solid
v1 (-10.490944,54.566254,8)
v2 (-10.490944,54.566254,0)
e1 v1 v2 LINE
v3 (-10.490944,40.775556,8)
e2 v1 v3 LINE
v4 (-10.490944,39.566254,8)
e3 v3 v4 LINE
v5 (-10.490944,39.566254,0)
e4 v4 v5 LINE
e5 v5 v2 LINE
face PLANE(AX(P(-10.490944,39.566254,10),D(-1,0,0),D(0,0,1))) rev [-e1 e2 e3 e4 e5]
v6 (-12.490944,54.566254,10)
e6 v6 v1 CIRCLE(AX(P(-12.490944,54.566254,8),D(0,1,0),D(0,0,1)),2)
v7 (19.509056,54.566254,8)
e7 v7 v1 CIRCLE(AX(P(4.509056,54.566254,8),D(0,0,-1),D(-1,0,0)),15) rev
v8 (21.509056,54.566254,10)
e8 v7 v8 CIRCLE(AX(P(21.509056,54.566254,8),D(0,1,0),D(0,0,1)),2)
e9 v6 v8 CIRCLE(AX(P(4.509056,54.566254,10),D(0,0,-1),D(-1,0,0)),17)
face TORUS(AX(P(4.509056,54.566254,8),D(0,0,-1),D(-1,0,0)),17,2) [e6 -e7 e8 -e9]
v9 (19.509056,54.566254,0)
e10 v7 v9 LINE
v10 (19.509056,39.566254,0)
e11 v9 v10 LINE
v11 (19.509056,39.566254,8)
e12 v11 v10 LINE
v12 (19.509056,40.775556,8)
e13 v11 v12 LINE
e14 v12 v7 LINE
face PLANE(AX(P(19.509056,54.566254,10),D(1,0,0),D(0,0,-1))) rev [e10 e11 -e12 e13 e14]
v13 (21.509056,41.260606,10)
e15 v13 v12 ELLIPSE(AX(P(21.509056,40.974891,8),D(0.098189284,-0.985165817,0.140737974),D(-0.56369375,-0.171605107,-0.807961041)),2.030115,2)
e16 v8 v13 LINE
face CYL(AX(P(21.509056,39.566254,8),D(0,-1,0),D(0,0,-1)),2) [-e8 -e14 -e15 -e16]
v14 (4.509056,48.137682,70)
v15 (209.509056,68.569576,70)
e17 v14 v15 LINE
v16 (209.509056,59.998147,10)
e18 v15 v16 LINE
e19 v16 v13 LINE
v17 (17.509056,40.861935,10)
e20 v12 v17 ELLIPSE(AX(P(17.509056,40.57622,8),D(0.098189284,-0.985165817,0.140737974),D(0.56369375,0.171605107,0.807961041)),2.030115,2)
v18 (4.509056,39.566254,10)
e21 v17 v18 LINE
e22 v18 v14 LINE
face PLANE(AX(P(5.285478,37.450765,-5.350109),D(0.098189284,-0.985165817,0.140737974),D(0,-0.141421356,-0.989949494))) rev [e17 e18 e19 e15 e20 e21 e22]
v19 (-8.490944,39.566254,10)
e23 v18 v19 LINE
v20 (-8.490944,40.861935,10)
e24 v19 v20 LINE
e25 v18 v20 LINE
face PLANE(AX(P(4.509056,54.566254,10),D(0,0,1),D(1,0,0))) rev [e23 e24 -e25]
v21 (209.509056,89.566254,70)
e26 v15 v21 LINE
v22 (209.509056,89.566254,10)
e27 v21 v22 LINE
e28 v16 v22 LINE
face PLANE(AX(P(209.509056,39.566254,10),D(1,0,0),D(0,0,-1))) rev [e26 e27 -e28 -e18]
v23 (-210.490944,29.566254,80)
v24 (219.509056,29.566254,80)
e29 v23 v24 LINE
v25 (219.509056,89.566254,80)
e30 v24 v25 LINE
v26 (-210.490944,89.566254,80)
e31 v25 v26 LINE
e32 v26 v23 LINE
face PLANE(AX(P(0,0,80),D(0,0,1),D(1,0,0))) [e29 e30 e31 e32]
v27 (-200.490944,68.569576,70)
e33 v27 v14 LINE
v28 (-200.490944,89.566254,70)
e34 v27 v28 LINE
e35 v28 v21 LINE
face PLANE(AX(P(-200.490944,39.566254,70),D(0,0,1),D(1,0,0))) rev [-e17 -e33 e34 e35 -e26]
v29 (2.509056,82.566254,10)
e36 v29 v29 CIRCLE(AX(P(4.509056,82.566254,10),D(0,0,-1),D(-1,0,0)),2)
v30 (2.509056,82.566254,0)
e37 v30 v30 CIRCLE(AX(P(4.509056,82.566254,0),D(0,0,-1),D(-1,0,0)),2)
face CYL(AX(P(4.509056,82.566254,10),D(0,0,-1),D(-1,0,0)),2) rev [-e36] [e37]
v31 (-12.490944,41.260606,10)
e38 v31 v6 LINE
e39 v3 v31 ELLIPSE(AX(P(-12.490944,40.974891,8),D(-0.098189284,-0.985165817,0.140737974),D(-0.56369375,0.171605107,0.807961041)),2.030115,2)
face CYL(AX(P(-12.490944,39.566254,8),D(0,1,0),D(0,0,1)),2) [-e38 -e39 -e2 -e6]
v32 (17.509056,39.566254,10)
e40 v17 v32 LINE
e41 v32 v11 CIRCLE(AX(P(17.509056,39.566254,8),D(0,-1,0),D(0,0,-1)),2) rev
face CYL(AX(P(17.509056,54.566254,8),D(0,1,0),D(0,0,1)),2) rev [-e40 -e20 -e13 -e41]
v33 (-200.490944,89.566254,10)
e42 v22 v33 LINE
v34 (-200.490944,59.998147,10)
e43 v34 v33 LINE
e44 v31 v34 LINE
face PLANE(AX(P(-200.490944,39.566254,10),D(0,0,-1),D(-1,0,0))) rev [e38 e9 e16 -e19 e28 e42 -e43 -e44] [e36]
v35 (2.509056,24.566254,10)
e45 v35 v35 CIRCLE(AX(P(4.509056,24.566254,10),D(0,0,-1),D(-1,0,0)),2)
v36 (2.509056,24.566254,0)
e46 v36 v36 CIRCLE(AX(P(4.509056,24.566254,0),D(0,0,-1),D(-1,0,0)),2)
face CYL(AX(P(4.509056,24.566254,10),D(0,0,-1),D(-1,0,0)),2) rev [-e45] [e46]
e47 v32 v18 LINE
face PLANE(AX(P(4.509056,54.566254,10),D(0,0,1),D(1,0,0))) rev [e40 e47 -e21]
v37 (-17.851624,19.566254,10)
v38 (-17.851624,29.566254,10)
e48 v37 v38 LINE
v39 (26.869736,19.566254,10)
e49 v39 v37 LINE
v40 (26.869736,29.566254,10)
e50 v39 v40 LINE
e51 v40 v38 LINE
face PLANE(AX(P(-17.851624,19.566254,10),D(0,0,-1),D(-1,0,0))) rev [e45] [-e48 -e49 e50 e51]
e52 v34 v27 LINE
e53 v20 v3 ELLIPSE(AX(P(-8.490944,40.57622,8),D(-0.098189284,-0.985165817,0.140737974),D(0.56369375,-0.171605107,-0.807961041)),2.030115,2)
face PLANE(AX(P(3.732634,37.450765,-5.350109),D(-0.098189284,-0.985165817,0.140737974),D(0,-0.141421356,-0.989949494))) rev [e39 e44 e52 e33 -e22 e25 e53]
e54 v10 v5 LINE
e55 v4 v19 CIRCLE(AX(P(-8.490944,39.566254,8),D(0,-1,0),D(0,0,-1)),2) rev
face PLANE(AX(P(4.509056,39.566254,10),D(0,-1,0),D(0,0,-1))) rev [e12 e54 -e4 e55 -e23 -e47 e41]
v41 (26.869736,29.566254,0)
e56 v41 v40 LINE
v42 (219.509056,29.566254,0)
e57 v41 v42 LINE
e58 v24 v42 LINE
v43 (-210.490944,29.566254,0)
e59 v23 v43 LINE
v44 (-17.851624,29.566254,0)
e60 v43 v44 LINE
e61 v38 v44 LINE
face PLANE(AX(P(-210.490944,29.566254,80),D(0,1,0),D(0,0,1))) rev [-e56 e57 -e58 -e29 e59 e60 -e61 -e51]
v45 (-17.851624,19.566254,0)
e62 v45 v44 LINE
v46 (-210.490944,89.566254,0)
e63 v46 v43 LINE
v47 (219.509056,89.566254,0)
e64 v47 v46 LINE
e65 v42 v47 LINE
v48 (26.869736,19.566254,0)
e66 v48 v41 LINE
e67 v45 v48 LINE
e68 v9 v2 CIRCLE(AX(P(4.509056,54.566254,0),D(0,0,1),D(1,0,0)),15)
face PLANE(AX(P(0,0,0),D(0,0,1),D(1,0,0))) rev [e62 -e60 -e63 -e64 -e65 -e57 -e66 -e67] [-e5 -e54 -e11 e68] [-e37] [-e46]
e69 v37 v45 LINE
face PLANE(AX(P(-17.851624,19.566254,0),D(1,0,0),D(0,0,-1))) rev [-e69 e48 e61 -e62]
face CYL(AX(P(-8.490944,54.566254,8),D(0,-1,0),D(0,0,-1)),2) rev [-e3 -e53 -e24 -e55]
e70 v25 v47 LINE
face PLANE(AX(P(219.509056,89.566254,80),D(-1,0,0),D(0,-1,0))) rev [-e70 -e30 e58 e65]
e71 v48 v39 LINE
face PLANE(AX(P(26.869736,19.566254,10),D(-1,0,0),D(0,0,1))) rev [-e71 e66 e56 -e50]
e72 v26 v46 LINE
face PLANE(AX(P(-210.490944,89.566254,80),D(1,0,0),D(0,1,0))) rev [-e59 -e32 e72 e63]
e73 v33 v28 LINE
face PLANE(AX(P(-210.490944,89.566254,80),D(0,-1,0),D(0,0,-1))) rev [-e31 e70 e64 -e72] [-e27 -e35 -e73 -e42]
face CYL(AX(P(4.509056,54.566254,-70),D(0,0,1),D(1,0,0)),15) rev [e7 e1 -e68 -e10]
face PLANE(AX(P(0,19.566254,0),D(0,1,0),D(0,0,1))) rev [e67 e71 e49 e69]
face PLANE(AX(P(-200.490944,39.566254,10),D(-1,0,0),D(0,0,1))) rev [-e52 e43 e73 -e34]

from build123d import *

# Parameters (mm, degrees)
ESQUISSE2_W              = 430
ESQUISSE2_H              = 60
BOSS_EXTRU_1_DEPTH       = 80
ESQUISSE3_W              = 410
ESQUISSE3_H              = 60
ENL_V_MAT_EXTRU_2_DEPTH  = 50
BOSS_EXTRU_3_DEPTH       = 60
BOSS_EXTRU_4_DEPTH       = 20
ESQUISSE12_W             = 37.299463168
ESQUISSE12_H             = 2.901511437
ENL_V_MAT_EXTRU_3_DEPTH  = 80
ESQUISSE14_W             = 217.702790891
ESQUISSE14_H             = 66.731599488
ENL_V_MAT_EXTRU_4_DEPTH  = 80
ESQUISSE16_W             = 132.026208669
ESQUISSE16_H             = 23.789258621
ENL_V_MAT_EXTRU_5_DEPTH  = 80
ESQUISSE17_W             = 231.982221262
ESQUISSE17_H             = 63.124798286
ENL_V_MAT_EXTRU_6_DEPTH  = 80
ESQUISSE18_R             = 15
ENL_V_MAT_EXTRU_7_DEPTH  = 80
ENL_V_MAT_EXTRU_8_DEPTH  = 10
CONG_3_R                 = 2
CONG_4_R                 = 2
ESQUISSE26_W             = 44.72135955
ESQUISSE26_H             = 10
BOSS_EXTRU_5_DEPTH       = 10
ENL_V_MAT_EXTRU_9_DEPTH  = 10
ESQUISSE27_R             = 2
ENL_V_MAT_EXTRU_11_DEPTH = 10


with BuildPart() as part:
    # Esquisse2 → Boss.-Extru.1 (new body)
    with BuildSketch(Plane.XY):
        with Locations((4.509056244, 59.566253575)):
            Rectangle(ESQUISSE2_W, ESQUISSE2_H)
    extrude(amount=BOSS_EXTRU_1_DEPTH)

    # Esquisse3 → Enlèv. mat.-Extru.2 (cut)
    with BuildSketch(Plane(origin=(0, 89.566253575, 0), x_dir=(1, 0, 0), z_dir=(0, 1, 0))):
        with Locations((4.509056244, -40)):
            Rectangle(ESQUISSE3_W, ESQUISSE3_H)
    extrude(amount=-ENL_V_MAT_EXTRU_2_DEPTH, mode=Mode.SUBTRACT)

    # Esquisse5 → Boss.-Extru.3 (add)
    with BuildSketch(Plane.XY.offset(10)):
        Polygon((-200.490943756, 59.566253575), (-200.490943756, 39.566253575), (4.509056244, 39.566253575), align=None)
        Polygon((209.509056244, 59.566253575), (4.509056244, 39.566253575), (209.509056244, 39.566253575), align=None)
    extrude(amount=BOSS_EXTRU_3_DEPTH)

    # Esquisse11 → Boss.-Extru.4 (add)
    with BuildSketch(Plane(origin=(3.732634391, 37.450765056, -5.350109294), x_dir=(0.995167757, -0.097202432, 0.013886062), z_dir=(0.098189284, 0.985165817, -0.140737974))):
        Polygon((0.78019193, -15.495008178), (-209.853755734, -12.986939636), (-207.594167279, -81.787183383), (2.874639564, -83.936671883), align=None)
    boss_extru_4 = extrude(amount=-BOSS_EXTRU_4_DEPTH)

    # Esquisse12 → Enlèv. mat.-Extru.3 (cut)
    with BuildSketch(Plane(origin=(0, 89.566253575, 0), x_dir=(1, 0, 0), z_dir=(0, 1, 0))):
        with Locations((-6.67152918, -81.450755719)):
            Rectangle(ESQUISSE12_W, ESQUISSE12_H)
    extrude(amount=-ENL_V_MAT_EXTRU_3_DEPTH, mode=Mode.SUBTRACT)

    # Esquisse14 → Enlèv. mat.-Extru.4 (cut)
    with BuildSketch(Plane.XY.offset(80)):
        with Locations((-32.350917278, -3.799546169)):
            Rectangle(ESQUISSE14_W, ESQUISSE14_H)
    extrude(amount=-ENL_V_MAT_EXTRU_4_DEPTH, mode=Mode.SUBTRACT)

    # Symétrie3: Boss.-Extru.4 across plane
    add(boss_extru_4.mirror(Plane(origin=(4.509056244, 0, 0), x_dir=(0, 0, 1), z_dir=(1, 0, 0))))

    # Esquisse16 → Enlèv. mat.-Extru.5 (cut)
    with BuildSketch(Plane(origin=(0, 89.566253575, 0), x_dir=(1, 0, 0), z_dir=(0, 1, 0))):
        with Locations((17.978222552, -91.89462931)):
            Rectangle(ESQUISSE16_W, ESQUISSE16_H)
    extrude(amount=-ENL_V_MAT_EXTRU_5_DEPTH, mode=Mode.SUBTRACT)

    # Esquisse17 → Enlèv. mat.-Extru.6 (cut)
    with BuildSketch(Plane.XY.offset(80)):
        with Locations((69.126673961, -1.996145568)):
            Rectangle(ESQUISSE17_W, ESQUISSE17_H)
    extrude(amount=-ENL_V_MAT_EXTRU_6_DEPTH, mode=Mode.SUBTRACT)

    # Esquisse18 → Enlèv. mat.-Extru.7 (cut)
    with BuildSketch(Plane.XY.offset(10)):
        with Locations((4.509056244, 54.566253575)):
            Circle(ESQUISSE18_R)
    extrude(amount=-ENL_V_MAT_EXTRU_7_DEPTH, mode=Mode.SUBTRACT)

    # Esquisse20 → Enlèv. mat.-Extru.8 (cut)
    with BuildSketch(Plane(origin=(0, 0, 0), x_dir=(-1, 0, 0), z_dir=(0, 0, -1))):
        Polygon((-19.509056244, 54.566253575), (-19.509056244, 39.566253575), (-4.509056244, 39.566253575), (10.490943756, 39.566253575), (10.490943756, 54.566253575), align=None)
    extrude(amount=-ENL_V_MAT_EXTRU_8_DEPTH, mode=Mode.SUBTRACT)

    # Congé3
    cong_3_edges = [part.edges().sort_by_distance(p)[0] for p in [
        (4.509056244, 69.566253575, 10),
        (-10.490943756, 47.81376188, 10),
        (19.509056244, 47.81376188, 10),
    ]]
    fillet(cong_3_edges, radius=CONG_3_R)

    # Congé4
    cong_4_edges = [part.edges().sort_by_distance(p)[0] for p in [
        (19.509056244, 40.31376188, 10),
        (-10.490943756, 40.31376188, 10),
    ]]
    fillet(cong_4_edges, radius=CONG_4_R)

    # Esquisse26 → Boss.-Extru.5 (add)
    with BuildSketch(Plane.XZ.offset(-29.566253575)):
        with Locations((4.509056244, 5)):
            Rectangle(ESQUISSE26_W, ESQUISSE26_H)
    extrude(amount=BOSS_EXTRU_5_DEPTH)

    # Esquisse24 → Enlèv. mat.-Extru.9 (cut)
    with BuildSketch(Plane(origin=(0, 0, 0), x_dir=(-1, 0, 0), z_dir=(0, 0, -1))):
        with BuildLine():
            ThreePointArc((-2.510656885, 24.646253575), (-4.509056244, 26.566253575), (-6.507455604, 24.646253575))
            ThreePointArc((-6.507455604, 24.646253575), (-4.509056244, 24.566253575), (-2.510656885, 24.646253575))
        make_face()
        with BuildLine():
            ThreePointArc((-2.510656885, 24.646253575), (-4.509056244, 24.566253575), (-6.507455604, 24.646253575))
            ThreePointArc((-6.507455604, 24.646253575), (-4.54906425, 22.566653775), (-2.509056244, 24.566253575))
            ThreePointArc((-2.509056244, 24.566253575), (-2.509456444, 24.60626158), (-2.510656885, 24.646253575))
        make_face()
    extrude(amount=-ENL_V_MAT_EXTRU_9_DEPTH, mode=Mode.SUBTRACT)

    # Esquisse27 → Enlèv. mat.-Extru.11 (cut)
    with BuildSketch(Plane(origin=(0, 0, 0), x_dir=(-1, 0, 0), z_dir=(0, 0, -1))):
        with Locations((-4.509056244, 82.566253575)):
            Circle(ESQUISSE27_R)
    extrude(amount=-ENL_V_MAT_EXTRU_11_DEPTH, mode=Mode.SUBTRACT)


solid = part.part
